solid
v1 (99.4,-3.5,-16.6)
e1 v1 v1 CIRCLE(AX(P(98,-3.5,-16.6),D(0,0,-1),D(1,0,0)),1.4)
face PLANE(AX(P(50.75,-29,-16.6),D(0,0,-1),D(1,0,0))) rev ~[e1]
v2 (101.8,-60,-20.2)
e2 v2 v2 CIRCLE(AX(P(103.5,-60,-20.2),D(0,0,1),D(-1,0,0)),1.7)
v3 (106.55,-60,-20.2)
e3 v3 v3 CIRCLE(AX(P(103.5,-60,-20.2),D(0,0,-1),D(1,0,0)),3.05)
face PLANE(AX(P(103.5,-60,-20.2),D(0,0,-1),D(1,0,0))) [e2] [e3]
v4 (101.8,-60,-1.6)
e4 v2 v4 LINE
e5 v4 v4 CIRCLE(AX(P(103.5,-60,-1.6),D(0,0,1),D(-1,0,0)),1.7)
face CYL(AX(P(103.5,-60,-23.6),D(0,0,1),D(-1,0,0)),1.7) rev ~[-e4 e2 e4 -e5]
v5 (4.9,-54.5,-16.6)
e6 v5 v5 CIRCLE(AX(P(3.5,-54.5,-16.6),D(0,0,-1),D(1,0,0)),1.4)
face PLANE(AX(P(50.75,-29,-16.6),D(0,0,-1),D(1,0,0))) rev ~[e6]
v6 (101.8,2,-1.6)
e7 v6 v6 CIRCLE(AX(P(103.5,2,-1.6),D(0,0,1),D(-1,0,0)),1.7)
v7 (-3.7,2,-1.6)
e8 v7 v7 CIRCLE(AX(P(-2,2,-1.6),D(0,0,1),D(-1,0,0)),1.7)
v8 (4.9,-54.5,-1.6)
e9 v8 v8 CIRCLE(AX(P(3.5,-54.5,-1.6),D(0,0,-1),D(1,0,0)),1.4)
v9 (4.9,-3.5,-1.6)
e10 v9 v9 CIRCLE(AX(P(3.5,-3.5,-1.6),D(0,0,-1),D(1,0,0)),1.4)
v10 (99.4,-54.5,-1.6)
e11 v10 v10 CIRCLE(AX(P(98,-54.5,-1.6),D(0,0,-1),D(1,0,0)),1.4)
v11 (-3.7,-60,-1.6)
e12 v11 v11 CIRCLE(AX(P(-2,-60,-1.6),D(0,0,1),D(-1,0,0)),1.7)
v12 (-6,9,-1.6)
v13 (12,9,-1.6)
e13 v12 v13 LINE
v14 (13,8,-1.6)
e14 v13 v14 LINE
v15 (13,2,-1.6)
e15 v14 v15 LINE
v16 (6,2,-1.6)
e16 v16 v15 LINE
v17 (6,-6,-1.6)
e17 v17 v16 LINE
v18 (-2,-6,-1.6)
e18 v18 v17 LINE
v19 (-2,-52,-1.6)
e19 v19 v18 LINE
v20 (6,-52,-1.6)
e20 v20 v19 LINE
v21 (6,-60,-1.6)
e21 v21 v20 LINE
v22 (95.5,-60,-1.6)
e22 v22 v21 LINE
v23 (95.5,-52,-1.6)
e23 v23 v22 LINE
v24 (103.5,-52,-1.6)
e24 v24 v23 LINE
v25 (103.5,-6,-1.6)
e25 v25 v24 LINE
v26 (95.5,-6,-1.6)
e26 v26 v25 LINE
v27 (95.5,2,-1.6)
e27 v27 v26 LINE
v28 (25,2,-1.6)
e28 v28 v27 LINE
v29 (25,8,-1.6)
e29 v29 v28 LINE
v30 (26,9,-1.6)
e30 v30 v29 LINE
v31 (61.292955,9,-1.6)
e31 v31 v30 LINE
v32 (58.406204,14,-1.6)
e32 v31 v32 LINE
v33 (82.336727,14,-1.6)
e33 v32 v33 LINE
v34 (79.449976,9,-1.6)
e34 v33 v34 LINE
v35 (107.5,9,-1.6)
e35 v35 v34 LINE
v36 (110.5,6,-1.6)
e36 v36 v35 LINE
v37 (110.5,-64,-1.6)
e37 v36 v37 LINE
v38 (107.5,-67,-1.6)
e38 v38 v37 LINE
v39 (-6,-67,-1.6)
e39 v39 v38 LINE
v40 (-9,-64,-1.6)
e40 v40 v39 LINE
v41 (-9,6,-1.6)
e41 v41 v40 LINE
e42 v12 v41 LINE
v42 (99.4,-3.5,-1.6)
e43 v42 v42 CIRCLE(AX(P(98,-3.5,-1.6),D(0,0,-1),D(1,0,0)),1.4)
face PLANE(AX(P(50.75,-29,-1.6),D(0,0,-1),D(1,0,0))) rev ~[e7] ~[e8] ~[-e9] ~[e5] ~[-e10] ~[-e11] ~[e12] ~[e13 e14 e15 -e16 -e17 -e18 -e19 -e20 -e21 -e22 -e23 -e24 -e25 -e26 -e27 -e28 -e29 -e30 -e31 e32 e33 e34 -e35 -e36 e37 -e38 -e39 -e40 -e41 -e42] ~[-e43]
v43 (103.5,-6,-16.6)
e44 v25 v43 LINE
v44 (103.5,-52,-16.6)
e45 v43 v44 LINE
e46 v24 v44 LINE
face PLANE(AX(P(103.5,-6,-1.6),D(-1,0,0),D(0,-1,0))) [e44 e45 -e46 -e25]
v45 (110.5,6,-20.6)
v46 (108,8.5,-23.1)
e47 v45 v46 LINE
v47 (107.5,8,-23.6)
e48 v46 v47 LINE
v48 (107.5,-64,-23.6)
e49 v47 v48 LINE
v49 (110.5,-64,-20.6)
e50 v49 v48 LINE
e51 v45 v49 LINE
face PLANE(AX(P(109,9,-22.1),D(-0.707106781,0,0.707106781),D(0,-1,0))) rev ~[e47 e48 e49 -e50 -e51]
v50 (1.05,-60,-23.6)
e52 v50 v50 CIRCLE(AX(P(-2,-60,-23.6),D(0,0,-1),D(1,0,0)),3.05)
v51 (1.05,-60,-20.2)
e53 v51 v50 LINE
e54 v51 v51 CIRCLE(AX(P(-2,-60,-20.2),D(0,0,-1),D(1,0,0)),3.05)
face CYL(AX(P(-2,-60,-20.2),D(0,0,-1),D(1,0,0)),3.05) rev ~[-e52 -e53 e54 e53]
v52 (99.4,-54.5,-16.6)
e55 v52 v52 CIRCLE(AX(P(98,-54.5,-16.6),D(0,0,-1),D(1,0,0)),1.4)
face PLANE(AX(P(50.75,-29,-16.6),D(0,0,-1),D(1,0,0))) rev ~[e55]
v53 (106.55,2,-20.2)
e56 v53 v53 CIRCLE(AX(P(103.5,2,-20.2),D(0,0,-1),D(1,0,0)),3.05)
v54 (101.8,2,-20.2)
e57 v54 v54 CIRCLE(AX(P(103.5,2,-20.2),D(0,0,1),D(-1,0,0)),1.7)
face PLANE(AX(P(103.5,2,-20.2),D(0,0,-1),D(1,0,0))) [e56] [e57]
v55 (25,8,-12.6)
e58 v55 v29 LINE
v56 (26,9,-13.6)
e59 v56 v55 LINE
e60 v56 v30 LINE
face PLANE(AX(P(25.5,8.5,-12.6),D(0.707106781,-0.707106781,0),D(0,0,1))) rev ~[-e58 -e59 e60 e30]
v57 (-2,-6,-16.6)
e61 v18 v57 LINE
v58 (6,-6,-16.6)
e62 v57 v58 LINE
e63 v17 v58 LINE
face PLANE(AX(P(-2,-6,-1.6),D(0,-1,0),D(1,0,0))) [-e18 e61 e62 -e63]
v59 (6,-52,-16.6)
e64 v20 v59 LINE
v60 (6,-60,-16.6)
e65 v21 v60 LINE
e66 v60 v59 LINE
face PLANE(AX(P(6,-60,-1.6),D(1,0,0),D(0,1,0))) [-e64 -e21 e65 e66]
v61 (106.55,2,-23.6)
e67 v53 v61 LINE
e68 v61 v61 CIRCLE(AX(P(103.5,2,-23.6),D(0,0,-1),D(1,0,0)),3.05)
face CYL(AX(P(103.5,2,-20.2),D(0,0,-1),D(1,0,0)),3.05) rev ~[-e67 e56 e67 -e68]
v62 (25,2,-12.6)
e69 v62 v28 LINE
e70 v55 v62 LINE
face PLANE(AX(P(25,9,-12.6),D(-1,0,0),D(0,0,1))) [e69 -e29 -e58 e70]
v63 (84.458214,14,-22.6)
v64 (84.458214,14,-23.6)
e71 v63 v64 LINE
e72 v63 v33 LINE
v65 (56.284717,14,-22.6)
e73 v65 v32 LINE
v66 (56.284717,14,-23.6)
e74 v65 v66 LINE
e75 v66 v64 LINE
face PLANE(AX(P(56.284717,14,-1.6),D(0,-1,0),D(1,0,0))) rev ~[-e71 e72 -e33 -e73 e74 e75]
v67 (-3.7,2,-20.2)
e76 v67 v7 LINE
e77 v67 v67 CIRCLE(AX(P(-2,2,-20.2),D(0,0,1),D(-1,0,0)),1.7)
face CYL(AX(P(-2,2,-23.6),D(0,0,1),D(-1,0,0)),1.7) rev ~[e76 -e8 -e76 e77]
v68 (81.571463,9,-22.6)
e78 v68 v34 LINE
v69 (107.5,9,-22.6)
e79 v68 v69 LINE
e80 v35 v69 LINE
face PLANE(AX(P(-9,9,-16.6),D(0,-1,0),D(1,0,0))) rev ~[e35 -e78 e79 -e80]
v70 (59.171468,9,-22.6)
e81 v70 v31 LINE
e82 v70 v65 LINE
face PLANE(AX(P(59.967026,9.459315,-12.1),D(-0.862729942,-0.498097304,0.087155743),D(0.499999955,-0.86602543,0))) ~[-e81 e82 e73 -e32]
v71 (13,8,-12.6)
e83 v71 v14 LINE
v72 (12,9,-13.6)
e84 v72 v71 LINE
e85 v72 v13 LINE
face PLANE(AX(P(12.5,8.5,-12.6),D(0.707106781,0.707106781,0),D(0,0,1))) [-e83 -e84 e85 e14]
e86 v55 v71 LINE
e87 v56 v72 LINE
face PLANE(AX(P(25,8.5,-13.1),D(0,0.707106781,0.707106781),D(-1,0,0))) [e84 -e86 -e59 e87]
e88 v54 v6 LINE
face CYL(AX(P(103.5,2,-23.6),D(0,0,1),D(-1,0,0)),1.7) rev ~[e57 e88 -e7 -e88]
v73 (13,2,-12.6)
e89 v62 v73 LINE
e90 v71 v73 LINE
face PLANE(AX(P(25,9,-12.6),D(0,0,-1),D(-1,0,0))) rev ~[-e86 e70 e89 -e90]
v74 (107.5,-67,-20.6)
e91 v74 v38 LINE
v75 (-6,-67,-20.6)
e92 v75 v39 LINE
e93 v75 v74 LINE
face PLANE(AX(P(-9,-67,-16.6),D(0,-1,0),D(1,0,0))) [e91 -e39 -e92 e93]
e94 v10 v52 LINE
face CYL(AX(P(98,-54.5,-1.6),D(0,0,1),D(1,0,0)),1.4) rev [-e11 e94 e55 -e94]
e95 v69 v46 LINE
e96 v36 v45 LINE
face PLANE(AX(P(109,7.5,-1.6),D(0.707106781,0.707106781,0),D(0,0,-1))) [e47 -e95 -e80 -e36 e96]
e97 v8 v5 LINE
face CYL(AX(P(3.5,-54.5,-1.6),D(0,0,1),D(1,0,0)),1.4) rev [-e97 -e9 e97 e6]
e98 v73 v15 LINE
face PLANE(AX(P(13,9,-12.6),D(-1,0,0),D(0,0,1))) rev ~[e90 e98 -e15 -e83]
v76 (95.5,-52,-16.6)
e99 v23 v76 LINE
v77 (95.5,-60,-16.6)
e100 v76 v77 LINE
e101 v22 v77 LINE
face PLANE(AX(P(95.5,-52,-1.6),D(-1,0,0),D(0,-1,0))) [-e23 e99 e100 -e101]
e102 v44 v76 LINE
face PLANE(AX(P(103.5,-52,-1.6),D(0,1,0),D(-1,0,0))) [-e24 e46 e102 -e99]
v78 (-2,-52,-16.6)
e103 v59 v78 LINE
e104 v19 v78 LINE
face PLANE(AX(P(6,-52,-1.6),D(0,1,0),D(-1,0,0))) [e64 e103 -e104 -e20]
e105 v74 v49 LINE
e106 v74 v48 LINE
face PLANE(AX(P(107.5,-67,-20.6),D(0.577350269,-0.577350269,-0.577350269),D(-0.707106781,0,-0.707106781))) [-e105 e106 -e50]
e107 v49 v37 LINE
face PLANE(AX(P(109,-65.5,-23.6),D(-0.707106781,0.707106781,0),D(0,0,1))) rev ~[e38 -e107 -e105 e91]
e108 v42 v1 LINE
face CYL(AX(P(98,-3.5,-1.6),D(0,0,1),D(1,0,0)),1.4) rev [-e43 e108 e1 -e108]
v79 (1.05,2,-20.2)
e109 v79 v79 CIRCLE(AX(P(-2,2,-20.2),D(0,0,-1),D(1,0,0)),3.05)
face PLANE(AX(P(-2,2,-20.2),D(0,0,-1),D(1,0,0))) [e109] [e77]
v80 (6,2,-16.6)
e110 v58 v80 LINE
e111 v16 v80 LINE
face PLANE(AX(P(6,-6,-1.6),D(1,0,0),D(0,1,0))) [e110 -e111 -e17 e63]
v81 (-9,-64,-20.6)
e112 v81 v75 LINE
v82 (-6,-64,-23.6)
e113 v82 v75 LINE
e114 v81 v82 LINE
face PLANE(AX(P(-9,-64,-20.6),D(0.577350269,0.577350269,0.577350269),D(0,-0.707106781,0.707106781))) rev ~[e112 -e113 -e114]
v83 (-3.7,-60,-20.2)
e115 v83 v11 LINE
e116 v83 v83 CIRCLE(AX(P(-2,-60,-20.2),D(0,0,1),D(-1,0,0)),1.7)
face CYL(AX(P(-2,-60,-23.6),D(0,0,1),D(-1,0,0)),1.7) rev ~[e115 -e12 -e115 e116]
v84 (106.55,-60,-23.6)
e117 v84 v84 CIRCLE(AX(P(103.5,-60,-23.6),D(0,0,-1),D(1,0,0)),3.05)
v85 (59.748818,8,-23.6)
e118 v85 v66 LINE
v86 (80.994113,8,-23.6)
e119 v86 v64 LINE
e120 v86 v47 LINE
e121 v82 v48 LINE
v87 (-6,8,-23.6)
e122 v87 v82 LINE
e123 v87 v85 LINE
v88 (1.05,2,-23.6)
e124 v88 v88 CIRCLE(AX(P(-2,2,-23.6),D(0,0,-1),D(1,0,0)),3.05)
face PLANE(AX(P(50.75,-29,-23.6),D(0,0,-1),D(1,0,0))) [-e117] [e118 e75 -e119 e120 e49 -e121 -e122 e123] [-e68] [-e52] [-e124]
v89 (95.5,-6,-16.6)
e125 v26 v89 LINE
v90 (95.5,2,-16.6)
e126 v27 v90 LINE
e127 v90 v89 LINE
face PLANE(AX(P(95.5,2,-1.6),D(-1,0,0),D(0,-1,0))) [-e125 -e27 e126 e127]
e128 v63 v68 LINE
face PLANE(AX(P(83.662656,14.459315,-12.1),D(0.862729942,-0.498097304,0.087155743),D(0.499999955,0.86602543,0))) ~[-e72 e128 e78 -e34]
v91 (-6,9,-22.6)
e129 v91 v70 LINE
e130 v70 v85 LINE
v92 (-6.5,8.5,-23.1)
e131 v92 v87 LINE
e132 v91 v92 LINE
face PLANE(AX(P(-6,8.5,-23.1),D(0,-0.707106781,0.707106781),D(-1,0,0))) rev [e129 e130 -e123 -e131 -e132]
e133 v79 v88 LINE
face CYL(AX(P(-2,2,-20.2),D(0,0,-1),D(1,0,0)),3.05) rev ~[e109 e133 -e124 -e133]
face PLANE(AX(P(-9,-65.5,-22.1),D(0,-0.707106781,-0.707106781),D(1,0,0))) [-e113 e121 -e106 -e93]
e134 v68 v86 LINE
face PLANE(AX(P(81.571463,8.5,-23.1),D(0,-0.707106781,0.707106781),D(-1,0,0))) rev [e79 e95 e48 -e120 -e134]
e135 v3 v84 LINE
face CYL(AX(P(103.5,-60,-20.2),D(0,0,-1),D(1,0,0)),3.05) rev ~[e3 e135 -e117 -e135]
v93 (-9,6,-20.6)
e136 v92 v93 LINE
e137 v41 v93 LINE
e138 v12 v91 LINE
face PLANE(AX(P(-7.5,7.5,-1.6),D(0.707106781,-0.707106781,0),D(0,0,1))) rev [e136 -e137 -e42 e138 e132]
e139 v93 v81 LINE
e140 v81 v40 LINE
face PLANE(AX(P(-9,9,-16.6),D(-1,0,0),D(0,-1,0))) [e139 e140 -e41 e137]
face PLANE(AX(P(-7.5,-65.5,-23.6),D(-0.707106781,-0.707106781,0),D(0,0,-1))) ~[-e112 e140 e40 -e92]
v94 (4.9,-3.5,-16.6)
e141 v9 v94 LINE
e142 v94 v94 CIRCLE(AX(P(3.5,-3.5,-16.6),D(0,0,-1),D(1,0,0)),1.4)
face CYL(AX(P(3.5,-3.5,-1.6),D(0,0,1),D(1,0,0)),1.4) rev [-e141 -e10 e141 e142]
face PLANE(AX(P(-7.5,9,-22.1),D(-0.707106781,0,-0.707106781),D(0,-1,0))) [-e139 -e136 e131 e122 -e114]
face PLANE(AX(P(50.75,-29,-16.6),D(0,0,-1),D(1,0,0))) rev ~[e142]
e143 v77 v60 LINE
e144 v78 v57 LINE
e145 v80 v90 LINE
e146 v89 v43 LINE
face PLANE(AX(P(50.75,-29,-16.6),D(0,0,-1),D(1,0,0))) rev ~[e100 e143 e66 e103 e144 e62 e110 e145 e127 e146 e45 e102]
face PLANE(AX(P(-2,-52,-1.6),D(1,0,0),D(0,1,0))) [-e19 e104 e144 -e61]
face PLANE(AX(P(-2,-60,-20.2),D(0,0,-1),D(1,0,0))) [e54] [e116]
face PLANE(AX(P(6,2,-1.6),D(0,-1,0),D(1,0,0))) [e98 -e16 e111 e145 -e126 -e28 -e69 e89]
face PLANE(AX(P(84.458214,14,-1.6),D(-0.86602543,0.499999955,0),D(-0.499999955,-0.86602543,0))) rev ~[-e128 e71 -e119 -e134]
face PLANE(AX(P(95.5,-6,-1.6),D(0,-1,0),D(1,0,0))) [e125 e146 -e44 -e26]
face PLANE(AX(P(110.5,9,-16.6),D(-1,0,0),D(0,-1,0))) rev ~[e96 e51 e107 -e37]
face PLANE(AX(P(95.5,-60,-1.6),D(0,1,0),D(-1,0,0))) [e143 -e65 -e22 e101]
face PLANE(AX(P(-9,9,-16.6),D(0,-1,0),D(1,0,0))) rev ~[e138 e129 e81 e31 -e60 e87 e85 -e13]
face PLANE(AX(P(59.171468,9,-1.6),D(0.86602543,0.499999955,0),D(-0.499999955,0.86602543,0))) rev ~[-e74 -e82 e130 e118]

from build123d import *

# Parameters (mm, degrees)
SKETCH030_W        = 119.5
SKETCH030_H        = 76
SKETCH030_R        = 1.4
PAD009_DEPTH       = 15
SKETCH031_W        = 119.5
SKETCH031_H        = 76
PAD010_DEPTH       = 7
SKETCH032_W        = 12
SKETCH032_H        = 11
POCKET011_DEPTH    = 7
HOLE_D             = 3.4
HOLE_CBORE_D       = 6.1
HOLE_CBORE_DEPTH   = 3.4
PAD013_DEPTH       = 22
CHAMFER001_1_ANGLE = 5
CHAMFER001_1_SIZE  = 21
CHAMFER001_2_ANGLE = 5
CHAMFER001_2_SIZE  = 21
CHAMFER003_SIZE    = 3
CHAMFER004_SIZE    = 1
CHAMFER005_SIZE    = 1


with BuildPart() as part:
    # Sketch030 (on Face1 of Binder008) → Pad009 (new body)
    with BuildSketch(Plane(origin=(0, 0, -1.6), x_dir=(1, 0, 0), z_dir=(0, 0, -1))):
        with Locations((50.75, 29)):
            Rectangle(SKETCH030_W, SKETCH030_H)
        with Locations((3.5, 54.5)):
            Circle(SKETCH030_R, mode=Mode.SUBTRACT)
        with Locations((98, 54.5)):
            Circle(SKETCH030_R, mode=Mode.SUBTRACT)
        with Locations((98, 3.5)):
            Circle(SKETCH030_R, mode=Mode.SUBTRACT)
        with Locations((3.5, 3.5)):
            Circle(SKETCH030_R, mode=Mode.SUBTRACT)
        Polygon((-2, 52), (-2, 6), (6, 6), (6, -2), (95.5, -2), (95.5, 6), (103.5, 6), (103.5, 52), (95.5, 52), (95.5, 60), (6, 60), (6, 52), align=None, mode=Mode.SUBTRACT)
    extrude(amount=PAD009_DEPTH)

    # Sketch031 (on Face22 of Pad009) → Pad010 (join)
    with BuildSketch(Plane(origin=(0, 0, -16.6), x_dir=(1, 0, 0), z_dir=(0, 0, -1))):
        with Locations((50.75, 29)):
            Rectangle(SKETCH031_W, SKETCH031_H)
    extrude(amount=PAD010_DEPTH)

    # Sketch032 (on Face26 of Pad010) → Pocket011 (cut)
    with BuildSketch(Plane(origin=(0, 9, 0), x_dir=(-1, 0, 0), z_dir=(0, 1, 0))):
        with Locations((-19, -7.1)):
            Rectangle(SKETCH032_W, SKETCH032_H)
    extrude(amount=-POCKET011_DEPTH, mode=Mode.SUBTRACT)

    # Hole (through all)
    with Locations(Plane(origin=(0, 0, -23.6), x_dir=(1, 0, 0), z_dir=(0, 0, -1))):
        with Locations((-2, 60), (103.5, 60), (103.5, -2), (-2, -2)):
            CounterBoreHole(HOLE_D / 2, HOLE_CBORE_D / 2, HOLE_CBORE_DEPTH)

    # Sketch038 (on Face1 of Hole) → Pad013 (join)
    with BuildSketch(Plane.XY.offset(-1.6)):
        Polygon((81.571463, 9), (59.171468, 9), (56.284717, 14), (84.458214, 14), align=None)
    extrude(amount=-PAD013_DEPTH)

    # Chamfer001 1
    chamfer001_1_edges = [part.edges().sort_by_distance(p)[0] for p in [
        (83.014838, 11.5, -1.6),
    ]]
    chamfer001_1_side = part.faces().sort_by_distance((83.014838, 11.5, -12.6))[0]
    chamfer(chamfer001_1_edges, length=CHAMFER001_1_SIZE, angle=CHAMFER001_1_ANGLE, reference=chamfer001_1_side)

    # Chamfer001 2
    chamfer001_2_edges = [part.edges().sort_by_distance(p)[0] for p in [
        (57.728092, 11.5, -1.6),
    ]]
    chamfer001_2_side = part.faces().sort_by_distance((57.728092, 11.5, -12.6))[0]
    chamfer(chamfer001_2_edges, length=CHAMFER001_2_SIZE, angle=CHAMFER001_2_ANGLE, reference=chamfer001_2_side)

    # Chamfer003
    chamfer003_edges = [part.edges().sort_by_distance(p)[0] for p in [
        (110.5, 9, -12.6),
        (110.5, -29, -23.6),
        (110.5, -67, -12.6),
        (50.75, -67, -23.6),
        (-9, 9, -12.6),
        (-9, -29, -23.6),
        (-9, -67, -12.6),
    ]]
    chamfer(chamfer003_edges, length=CHAMFER003_SIZE)

    # Chamfer004
    chamfer004_edges = [part.edges().sort_by_distance(p)[0] for p in [
        (26.585734, 9, -23.6),
        (94.535731, 9, -23.6),
    ]]
    chamfer(chamfer004_edges, length=CHAMFER004_SIZE)

    # Chamfer005
    chamfer005_edges = [part.edges().sort_by_distance(p)[0] for p in [
        (13, 9, -7.1),
        (19, 9, -12.6),
        (25, 9, -7.1),
    ]]
    chamfer(chamfer005_edges, length=CHAMFER005_SIZE)


solid = part.part
